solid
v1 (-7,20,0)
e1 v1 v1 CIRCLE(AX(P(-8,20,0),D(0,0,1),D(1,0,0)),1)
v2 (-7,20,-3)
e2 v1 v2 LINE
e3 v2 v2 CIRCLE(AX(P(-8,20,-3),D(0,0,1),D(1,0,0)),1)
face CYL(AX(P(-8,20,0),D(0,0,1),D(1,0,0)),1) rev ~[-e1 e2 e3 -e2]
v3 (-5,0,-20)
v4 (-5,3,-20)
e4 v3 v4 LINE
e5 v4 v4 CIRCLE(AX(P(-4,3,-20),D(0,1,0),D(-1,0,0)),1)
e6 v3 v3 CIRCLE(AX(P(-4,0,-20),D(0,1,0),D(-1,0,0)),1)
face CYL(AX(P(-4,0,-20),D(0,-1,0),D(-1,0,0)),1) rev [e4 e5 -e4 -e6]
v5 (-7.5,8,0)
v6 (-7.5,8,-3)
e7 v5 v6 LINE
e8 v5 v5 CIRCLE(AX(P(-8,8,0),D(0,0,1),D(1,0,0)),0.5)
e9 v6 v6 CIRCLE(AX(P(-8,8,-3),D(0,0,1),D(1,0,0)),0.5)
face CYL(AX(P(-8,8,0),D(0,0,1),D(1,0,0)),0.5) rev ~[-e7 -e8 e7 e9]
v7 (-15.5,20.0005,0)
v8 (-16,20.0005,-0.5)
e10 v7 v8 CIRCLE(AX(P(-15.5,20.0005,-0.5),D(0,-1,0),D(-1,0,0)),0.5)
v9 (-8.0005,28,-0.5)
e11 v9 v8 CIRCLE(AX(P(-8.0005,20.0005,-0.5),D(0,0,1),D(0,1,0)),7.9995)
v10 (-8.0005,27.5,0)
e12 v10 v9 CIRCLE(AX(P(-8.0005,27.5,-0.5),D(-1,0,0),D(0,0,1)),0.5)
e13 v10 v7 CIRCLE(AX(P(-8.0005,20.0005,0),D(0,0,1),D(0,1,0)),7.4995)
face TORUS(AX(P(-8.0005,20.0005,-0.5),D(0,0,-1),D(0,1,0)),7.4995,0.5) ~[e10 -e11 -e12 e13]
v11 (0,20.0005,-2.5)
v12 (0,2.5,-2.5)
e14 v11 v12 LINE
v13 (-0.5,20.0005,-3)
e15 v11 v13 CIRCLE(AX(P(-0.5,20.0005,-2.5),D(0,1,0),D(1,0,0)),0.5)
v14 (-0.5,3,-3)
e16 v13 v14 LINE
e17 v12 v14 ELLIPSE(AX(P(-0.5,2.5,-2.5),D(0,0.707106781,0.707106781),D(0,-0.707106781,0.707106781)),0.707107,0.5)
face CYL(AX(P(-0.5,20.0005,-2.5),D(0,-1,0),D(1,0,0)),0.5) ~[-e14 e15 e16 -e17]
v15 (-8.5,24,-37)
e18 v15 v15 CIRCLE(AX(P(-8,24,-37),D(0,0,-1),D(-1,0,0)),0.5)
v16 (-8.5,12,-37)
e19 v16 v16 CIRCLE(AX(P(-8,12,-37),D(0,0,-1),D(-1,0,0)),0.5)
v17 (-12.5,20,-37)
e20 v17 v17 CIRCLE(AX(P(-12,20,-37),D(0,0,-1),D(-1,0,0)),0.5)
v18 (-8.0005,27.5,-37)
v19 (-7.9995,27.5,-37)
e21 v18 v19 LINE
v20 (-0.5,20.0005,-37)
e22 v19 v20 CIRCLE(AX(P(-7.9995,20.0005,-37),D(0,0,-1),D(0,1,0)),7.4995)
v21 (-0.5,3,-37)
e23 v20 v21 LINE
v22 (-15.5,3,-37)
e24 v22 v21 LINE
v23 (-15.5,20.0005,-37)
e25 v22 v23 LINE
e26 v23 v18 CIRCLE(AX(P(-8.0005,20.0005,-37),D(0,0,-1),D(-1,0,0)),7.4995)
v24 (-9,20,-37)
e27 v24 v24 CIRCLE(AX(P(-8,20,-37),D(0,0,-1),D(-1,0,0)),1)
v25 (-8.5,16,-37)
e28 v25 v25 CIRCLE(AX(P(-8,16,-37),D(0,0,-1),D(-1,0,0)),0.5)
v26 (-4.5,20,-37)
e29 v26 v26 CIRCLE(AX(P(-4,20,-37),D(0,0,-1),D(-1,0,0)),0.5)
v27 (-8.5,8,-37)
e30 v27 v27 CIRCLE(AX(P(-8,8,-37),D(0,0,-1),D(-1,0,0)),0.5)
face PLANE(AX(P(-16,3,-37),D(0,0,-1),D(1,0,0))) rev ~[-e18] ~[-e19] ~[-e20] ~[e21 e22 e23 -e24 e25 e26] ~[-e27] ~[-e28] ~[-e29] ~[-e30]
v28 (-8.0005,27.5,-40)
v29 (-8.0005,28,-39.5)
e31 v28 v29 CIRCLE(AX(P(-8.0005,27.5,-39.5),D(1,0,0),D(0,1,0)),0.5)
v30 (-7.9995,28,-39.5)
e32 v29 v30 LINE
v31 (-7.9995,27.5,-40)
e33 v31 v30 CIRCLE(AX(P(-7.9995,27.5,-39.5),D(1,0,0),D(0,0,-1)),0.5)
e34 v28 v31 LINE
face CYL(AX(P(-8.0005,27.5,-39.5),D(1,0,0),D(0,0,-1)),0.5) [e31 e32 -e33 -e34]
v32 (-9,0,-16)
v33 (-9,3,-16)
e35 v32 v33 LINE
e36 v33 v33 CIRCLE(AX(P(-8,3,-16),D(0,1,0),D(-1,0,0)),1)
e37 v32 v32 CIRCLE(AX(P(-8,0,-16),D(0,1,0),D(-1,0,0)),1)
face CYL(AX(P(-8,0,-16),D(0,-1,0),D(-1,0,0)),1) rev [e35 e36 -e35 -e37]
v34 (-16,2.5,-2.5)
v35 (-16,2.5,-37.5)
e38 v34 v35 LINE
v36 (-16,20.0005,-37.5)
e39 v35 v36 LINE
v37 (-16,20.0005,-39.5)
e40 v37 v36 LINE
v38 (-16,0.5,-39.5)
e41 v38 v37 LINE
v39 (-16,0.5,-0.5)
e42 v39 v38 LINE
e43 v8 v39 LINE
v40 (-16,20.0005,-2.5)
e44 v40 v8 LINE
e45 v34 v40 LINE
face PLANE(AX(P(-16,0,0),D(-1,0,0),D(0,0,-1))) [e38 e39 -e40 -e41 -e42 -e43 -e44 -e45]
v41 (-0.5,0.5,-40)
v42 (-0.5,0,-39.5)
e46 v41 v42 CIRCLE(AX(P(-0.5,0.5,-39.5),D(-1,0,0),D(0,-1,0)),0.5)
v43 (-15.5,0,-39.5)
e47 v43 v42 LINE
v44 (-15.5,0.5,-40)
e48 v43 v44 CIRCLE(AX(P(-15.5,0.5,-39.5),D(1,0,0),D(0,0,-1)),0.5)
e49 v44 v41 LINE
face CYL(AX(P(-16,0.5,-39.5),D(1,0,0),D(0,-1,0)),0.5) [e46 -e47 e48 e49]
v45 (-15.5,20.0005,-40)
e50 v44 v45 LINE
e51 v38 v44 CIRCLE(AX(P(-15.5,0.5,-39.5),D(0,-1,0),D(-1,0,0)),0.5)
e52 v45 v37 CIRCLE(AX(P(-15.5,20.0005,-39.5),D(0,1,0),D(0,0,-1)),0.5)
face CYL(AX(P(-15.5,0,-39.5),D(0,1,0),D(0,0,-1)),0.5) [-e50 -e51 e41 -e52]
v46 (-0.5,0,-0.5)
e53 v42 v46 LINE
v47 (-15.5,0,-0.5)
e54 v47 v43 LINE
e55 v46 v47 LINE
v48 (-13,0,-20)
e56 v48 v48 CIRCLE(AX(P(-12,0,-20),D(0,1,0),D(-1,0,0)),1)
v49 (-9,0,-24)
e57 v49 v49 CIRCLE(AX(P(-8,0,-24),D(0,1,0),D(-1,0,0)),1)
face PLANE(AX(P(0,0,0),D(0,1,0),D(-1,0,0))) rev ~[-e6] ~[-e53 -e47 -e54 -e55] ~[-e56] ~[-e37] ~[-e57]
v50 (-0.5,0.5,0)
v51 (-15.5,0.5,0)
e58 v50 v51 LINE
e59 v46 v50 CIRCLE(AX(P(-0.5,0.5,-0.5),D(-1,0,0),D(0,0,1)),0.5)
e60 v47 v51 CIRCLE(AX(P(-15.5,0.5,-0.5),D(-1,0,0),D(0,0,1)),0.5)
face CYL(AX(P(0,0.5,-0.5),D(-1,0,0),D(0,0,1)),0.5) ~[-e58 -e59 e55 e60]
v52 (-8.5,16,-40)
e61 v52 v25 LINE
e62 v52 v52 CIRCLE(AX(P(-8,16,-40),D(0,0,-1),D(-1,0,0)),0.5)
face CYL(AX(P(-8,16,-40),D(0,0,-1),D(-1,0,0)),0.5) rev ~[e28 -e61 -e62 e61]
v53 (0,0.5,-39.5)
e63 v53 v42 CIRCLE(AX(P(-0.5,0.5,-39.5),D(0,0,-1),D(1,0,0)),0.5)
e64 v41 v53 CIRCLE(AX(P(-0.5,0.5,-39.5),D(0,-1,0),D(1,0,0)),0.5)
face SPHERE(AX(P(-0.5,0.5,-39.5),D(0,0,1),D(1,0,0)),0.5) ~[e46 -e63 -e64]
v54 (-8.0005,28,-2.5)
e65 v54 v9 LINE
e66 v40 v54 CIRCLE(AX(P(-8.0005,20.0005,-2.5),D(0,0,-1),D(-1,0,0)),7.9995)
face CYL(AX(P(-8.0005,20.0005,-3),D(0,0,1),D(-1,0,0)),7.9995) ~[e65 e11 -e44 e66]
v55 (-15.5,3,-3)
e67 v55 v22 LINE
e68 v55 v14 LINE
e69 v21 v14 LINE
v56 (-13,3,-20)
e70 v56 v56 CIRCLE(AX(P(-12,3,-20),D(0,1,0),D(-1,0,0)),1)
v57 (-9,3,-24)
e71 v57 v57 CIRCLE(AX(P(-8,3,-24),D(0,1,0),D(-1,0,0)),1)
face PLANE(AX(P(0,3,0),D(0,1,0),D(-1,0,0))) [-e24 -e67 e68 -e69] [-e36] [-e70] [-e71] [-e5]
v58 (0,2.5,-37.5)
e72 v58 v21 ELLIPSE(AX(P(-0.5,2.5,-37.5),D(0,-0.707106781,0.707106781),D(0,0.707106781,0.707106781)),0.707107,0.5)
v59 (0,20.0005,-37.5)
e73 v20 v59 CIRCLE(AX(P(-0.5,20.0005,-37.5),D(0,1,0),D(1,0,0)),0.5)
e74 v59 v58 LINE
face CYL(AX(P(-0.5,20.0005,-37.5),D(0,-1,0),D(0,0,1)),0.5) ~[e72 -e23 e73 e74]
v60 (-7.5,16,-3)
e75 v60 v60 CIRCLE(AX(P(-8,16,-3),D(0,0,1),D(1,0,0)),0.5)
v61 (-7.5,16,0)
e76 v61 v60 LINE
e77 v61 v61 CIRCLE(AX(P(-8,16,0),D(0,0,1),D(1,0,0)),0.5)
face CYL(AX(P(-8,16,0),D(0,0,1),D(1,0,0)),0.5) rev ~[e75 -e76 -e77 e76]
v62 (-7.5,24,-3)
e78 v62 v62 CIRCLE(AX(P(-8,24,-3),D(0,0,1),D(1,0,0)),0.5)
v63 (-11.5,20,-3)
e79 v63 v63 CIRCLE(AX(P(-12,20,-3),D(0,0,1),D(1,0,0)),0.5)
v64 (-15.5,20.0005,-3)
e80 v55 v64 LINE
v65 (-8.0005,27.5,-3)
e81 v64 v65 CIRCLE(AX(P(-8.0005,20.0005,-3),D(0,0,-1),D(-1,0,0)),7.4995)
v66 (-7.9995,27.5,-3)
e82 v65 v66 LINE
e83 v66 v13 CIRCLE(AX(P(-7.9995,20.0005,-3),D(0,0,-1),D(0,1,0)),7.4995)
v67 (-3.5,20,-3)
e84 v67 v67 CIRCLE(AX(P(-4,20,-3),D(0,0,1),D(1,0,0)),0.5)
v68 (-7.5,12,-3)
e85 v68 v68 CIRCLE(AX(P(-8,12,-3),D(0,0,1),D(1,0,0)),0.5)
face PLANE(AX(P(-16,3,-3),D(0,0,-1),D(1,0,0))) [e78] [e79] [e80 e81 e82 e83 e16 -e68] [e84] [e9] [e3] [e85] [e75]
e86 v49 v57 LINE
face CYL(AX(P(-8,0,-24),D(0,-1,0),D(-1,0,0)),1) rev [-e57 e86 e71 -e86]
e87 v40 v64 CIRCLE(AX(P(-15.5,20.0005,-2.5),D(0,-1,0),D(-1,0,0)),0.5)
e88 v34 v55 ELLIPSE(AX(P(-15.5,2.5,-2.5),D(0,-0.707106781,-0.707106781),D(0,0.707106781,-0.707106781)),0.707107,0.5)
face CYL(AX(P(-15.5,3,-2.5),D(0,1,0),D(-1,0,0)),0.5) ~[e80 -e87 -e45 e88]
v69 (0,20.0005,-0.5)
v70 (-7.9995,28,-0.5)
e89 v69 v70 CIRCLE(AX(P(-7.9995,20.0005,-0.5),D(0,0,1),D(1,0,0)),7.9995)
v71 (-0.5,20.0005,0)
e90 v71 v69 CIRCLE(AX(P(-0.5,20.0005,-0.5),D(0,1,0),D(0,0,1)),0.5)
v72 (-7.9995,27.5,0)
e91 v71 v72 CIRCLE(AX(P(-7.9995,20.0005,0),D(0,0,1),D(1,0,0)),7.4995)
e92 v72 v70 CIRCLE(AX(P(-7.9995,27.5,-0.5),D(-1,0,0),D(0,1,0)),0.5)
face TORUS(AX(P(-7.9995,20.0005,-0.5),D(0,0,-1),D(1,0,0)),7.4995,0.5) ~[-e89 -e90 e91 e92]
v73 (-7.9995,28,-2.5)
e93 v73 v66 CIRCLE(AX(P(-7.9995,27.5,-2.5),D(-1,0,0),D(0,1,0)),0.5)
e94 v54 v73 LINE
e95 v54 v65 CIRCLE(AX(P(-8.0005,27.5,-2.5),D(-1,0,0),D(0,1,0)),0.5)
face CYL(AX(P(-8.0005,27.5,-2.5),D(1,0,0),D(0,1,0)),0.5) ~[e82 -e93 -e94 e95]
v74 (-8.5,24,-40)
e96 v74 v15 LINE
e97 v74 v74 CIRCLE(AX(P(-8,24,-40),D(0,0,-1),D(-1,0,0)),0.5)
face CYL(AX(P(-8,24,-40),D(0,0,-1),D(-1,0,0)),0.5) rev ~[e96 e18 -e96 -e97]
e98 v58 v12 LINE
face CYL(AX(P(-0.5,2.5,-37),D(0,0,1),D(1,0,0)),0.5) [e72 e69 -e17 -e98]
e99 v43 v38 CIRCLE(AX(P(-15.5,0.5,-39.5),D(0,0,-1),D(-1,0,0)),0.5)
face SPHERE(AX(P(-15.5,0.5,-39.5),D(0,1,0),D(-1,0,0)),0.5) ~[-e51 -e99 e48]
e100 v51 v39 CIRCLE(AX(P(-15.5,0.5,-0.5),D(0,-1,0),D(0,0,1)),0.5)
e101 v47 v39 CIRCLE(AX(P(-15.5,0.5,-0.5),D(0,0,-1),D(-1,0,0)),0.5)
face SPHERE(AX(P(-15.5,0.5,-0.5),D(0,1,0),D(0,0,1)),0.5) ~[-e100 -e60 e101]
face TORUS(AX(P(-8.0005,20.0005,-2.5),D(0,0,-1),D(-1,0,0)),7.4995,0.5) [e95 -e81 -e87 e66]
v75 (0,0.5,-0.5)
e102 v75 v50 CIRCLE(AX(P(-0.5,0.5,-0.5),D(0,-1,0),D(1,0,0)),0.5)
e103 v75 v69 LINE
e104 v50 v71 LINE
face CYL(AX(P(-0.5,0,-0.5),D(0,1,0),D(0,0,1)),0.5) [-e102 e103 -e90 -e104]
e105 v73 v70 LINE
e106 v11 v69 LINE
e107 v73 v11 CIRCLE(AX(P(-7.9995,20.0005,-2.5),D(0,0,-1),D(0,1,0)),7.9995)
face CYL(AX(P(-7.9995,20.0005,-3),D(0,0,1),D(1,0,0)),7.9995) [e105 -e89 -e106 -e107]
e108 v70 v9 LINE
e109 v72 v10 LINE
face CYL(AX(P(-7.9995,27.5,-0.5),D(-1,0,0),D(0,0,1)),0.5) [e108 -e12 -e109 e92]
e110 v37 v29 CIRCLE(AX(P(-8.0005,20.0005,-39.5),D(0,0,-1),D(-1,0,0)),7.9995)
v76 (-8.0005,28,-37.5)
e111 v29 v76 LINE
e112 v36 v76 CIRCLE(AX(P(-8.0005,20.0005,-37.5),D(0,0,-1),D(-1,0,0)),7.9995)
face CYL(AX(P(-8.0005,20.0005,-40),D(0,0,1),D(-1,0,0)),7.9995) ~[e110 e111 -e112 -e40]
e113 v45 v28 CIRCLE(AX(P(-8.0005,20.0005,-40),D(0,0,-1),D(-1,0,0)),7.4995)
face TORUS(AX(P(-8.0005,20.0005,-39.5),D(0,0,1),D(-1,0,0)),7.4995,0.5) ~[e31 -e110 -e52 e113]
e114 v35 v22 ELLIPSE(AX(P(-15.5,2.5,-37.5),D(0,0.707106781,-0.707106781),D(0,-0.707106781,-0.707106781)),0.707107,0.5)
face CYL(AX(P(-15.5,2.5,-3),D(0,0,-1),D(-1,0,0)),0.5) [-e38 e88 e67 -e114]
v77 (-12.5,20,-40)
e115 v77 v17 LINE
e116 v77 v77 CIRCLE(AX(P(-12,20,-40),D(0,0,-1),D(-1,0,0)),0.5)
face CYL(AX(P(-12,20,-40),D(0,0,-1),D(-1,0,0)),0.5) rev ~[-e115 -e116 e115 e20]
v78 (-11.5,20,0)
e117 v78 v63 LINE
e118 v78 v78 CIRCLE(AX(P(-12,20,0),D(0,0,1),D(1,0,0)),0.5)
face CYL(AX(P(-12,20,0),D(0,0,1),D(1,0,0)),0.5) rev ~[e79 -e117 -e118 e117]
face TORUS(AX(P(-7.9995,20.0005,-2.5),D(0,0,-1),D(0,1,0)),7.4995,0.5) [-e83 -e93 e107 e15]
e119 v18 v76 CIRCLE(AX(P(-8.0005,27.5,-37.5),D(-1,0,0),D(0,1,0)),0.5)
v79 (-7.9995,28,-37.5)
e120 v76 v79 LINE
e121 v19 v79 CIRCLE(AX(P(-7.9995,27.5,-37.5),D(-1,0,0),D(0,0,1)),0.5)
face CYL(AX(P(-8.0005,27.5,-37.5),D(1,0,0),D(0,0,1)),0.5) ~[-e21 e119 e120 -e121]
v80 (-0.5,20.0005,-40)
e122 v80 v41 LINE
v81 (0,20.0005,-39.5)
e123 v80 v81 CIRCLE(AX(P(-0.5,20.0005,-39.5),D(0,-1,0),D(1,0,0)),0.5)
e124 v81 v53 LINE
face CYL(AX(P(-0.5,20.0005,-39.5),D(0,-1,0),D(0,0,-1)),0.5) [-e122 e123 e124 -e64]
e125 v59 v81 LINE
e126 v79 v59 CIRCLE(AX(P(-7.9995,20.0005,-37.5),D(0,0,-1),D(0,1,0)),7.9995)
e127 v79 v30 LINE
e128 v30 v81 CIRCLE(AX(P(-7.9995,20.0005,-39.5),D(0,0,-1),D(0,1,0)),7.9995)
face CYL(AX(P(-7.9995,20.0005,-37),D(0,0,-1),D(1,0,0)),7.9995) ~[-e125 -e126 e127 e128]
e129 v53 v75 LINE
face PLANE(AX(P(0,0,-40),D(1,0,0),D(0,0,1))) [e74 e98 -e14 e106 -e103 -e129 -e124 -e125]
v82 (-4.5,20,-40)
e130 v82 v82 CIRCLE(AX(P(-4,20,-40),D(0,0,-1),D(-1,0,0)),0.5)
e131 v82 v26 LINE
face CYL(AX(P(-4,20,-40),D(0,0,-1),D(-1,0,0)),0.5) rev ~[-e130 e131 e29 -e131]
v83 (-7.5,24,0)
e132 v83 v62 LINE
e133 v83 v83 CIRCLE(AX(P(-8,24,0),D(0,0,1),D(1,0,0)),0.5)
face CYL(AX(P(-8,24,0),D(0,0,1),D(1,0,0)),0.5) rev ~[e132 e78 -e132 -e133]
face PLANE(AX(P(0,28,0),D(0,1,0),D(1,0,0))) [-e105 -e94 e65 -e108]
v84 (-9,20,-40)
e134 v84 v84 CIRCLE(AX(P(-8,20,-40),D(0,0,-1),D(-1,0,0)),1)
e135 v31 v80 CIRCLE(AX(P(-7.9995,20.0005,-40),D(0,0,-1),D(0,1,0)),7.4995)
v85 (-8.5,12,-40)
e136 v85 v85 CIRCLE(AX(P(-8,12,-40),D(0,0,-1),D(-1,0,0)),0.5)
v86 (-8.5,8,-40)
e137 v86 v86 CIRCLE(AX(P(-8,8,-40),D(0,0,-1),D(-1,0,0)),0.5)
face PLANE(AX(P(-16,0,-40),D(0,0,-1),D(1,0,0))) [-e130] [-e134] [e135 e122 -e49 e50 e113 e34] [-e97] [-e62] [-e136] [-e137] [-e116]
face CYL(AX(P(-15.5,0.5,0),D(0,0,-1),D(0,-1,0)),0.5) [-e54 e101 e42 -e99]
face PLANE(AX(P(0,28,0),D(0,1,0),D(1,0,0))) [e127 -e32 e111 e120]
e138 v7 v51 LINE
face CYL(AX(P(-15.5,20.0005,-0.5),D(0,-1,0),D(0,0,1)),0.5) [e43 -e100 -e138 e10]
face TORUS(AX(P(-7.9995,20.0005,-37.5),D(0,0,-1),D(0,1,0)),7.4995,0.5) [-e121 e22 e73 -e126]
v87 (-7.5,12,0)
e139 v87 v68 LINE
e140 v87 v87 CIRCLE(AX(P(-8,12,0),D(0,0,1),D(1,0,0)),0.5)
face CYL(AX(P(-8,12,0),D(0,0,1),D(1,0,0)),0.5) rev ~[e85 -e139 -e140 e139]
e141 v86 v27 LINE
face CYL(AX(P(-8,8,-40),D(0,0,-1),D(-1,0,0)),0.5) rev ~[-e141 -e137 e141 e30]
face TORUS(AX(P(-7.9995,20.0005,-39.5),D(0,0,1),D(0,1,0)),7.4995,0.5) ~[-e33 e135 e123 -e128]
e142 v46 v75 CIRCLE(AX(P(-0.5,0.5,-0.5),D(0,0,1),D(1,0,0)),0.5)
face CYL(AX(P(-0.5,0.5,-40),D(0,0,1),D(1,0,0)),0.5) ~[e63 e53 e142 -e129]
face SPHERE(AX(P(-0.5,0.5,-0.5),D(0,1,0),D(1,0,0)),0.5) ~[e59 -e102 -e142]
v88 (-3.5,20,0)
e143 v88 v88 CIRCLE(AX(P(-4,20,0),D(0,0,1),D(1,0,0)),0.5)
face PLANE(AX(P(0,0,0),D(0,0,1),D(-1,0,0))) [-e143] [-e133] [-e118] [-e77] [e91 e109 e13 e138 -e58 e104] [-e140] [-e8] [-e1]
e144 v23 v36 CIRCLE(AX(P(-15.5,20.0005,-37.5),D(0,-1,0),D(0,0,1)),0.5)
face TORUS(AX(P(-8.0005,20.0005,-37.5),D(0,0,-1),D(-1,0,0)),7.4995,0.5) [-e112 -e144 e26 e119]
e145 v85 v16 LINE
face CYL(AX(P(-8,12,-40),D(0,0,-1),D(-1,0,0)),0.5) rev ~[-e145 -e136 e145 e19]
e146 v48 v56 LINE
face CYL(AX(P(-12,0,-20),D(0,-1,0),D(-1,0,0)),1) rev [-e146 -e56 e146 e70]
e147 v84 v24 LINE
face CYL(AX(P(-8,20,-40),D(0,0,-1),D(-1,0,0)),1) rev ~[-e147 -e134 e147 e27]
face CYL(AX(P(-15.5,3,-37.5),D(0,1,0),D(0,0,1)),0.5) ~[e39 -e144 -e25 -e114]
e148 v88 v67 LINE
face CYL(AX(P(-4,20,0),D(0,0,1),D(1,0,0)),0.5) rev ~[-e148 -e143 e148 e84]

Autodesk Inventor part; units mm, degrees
ref_plane "YZ Plane" through (0, 0, 0) normal (1, 0, 0) x (0, 1, 0)
ref_plane "XZ Plane" through (0, 0, 0) normal (0, 1, 0) x (-1, 0, 0)
ref_plane "XY Plane" through (0, 0, 0) normal (0, 0, 1) x (1, 0, 0)
sketch "Sketch11" plane through (0, 0, 0) normal (0, 1, 0) x (-1, 0, 0)
  line L0 (0, 0) -> (16, 0)
  line L1 (16, 0) -> (16, -40)
  line L2 (16, -40) -> (0, -40)
  line L3 (0, -40) -> (0, 0)
  circle A0 centre (8, -24) radius 1
  circle A1 centre (4, -20) radius 1
  circle A2 centre (8, -16) radius 1
  circle A3 centre (12, -20) radius 1
  dimension "d45" = 16
  dimension "d46" = 40
  dimension "d47" = 2
  dimension "d48" = 2
  dimension "d49" = 2
  dimension "d50" = 2
  dimension "d51" = 8
  dimension "d52" = 24
  dimension "d53" = 8
  dimension "d54" = 24
  dimension "d55" = 12
  dimension "d56" = 20
  dimension "d57" = 20
  dimension "d58" = 4
extrude "Extrusion6" add sketch "Sketch11" along normal blind 3
sketch "Sketch12" plane through (0, 3, 0) normal (0, 1, 0) x (1, 0, 0)
  line L0 (-16, 40) -> (-16, 0) projected
  line L1 (0, 0) -> (-16, 0)
  line L2 (-16, 0) -> (-16, 3)
  line L3 (-16, 3) -> (0, 3)
  line L4 (0, 3) -> (0, 0)
  line L5 (0, 40) -> (-16, 40)
  line L6 (-16, 40) -> (-16, 37)
  line L7 (-16, 37) -> (0, 37)
  line L8 (0, 37) -> (0, 40)
  dimension "d61" = 3
  dimension "d62" = 3
extrude "Extrusion7" add sketch "Sketch12" along normal blind 25
fillet "Fillet3" radius 8 4 edges at (0, 28, -1.5) (-16, 28, -1.5) (-16, 28, -38.5) (0, 28, -38.5)
sketch "Sketch13" plane through (-16, 0, 0) normal (0, 0, 1) x (1, 0, 0)
  circle A0 centre (8, 20) radius 1
  circle A1 centre (8, 16) radius 0.5
  line L0 (16, 0) -> (0, 0) projected
  line L1 (16, 0) -> (16, 20) projected
  circle A2 centre (8, 12) radius 0.5
  circle A3 centre (8, 24) radius 0.5
  circle A4 centre (12, 20) radius 0.5
  circle A5 centre (4, 20) radius 0.5
  circle A6 centre (8, 8) radius 0.5
  dimension "d66" = 2
  dimension "d67" = 1
  dimension "d68" = 20
  dimension "d69" = 8
  dimension "d70" = 8
  dimension "d71" = 16
  dimension "d72" = 1
  dimension "d73" = 1
  dimension "d74" = 1
  dimension "d75" = 1
  dimension "d76" = 1
  dimension "d77" = 4
  dimension "d78" = 8
  dimension "d79" = 4
  dimension "d80" = 20
  dimension "d81" = 4
  dimension "d82" = 20
  dimension "d83" = 8
  dimension "d84" = 8
  dimension "d85" = 8
  dimension "d86" = 12
sketch "Sketch14" plane through (0, 0, -40) normal (0, 0, -1) x (-1, 0, 0)
  circle A0 centre (8, 20) radius 1
  circle A1 centre (8, 16) radius 0.5
  circle A2 centre (8, 12) radius 0.5
  circle A3 centre (12, 20) radius 0.5
  circle A4 centre (8, 24) radius 0.5
  circle A5 centre (4, 20) radius 0.5
  circle A6 centre (8, 8) radius 0.5
  line L0 (16, 0) -> (16, 20) projected
  line L1 (16, 0) -> (0, 0) projected
  line L2 (0, 0) -> (0, 20) projected
  dimension "d87" = 2
  dimension "d88" = 1
  dimension "d89" = 1
  dimension "d90" = 1
  dimension "d91" = 1
  dimension "d92" = 1
  dimension "d93" = 1
  dimension "d94" = 8
  dimension "d95" = 20
  dimension "d96" = 20
  dimension "d97" = 4
  dimension "d98" = 4
  dimension "d99" = 8
  dimension "d100" = 4
  dimension "d101" = 20
  dimension "d102" = 4
  dimension "d103" = 8
  dimension "d104" = 8
  dimension "d105" = 8
  dimension "d106" = 12
  dimension "d107" = 8
extrude "Extrusion8" cut sketch "Sketch14" against normal blind 3
extrude "Extrusion9" cut sketch "Sketch13" against normal blind 3
fillet "Fillet4" radius 0.5 18 edges at (-16, 11.5003, -3) (0, 11.5003, -3) (-2.343, 25.657, -3) (0, 10.0003, 0) (-16, 10.0003, 0) (-2.343, 25.657, 0) (0, 3, -20) (0, 0, -20) (-16, 3, -20) (-13.657, 25.657, -37) (-16, 11.5003, -37) (0, 11.5003, -37) (-13.657, 25.657, -40) (-16, 10.0003, -40) (0, 10.0003, -40) (-8, 0, 0) (-16, 0, -20) (-8, 0, -40)
equation "\"d51\" = 0.5 * d45"
equation "\"d53\" = 0.5 * d45"
equation "\"d56\" = 0.5 * d46"
equation "\"d57\" = 0.5 * d46"
properties part number "fork"
